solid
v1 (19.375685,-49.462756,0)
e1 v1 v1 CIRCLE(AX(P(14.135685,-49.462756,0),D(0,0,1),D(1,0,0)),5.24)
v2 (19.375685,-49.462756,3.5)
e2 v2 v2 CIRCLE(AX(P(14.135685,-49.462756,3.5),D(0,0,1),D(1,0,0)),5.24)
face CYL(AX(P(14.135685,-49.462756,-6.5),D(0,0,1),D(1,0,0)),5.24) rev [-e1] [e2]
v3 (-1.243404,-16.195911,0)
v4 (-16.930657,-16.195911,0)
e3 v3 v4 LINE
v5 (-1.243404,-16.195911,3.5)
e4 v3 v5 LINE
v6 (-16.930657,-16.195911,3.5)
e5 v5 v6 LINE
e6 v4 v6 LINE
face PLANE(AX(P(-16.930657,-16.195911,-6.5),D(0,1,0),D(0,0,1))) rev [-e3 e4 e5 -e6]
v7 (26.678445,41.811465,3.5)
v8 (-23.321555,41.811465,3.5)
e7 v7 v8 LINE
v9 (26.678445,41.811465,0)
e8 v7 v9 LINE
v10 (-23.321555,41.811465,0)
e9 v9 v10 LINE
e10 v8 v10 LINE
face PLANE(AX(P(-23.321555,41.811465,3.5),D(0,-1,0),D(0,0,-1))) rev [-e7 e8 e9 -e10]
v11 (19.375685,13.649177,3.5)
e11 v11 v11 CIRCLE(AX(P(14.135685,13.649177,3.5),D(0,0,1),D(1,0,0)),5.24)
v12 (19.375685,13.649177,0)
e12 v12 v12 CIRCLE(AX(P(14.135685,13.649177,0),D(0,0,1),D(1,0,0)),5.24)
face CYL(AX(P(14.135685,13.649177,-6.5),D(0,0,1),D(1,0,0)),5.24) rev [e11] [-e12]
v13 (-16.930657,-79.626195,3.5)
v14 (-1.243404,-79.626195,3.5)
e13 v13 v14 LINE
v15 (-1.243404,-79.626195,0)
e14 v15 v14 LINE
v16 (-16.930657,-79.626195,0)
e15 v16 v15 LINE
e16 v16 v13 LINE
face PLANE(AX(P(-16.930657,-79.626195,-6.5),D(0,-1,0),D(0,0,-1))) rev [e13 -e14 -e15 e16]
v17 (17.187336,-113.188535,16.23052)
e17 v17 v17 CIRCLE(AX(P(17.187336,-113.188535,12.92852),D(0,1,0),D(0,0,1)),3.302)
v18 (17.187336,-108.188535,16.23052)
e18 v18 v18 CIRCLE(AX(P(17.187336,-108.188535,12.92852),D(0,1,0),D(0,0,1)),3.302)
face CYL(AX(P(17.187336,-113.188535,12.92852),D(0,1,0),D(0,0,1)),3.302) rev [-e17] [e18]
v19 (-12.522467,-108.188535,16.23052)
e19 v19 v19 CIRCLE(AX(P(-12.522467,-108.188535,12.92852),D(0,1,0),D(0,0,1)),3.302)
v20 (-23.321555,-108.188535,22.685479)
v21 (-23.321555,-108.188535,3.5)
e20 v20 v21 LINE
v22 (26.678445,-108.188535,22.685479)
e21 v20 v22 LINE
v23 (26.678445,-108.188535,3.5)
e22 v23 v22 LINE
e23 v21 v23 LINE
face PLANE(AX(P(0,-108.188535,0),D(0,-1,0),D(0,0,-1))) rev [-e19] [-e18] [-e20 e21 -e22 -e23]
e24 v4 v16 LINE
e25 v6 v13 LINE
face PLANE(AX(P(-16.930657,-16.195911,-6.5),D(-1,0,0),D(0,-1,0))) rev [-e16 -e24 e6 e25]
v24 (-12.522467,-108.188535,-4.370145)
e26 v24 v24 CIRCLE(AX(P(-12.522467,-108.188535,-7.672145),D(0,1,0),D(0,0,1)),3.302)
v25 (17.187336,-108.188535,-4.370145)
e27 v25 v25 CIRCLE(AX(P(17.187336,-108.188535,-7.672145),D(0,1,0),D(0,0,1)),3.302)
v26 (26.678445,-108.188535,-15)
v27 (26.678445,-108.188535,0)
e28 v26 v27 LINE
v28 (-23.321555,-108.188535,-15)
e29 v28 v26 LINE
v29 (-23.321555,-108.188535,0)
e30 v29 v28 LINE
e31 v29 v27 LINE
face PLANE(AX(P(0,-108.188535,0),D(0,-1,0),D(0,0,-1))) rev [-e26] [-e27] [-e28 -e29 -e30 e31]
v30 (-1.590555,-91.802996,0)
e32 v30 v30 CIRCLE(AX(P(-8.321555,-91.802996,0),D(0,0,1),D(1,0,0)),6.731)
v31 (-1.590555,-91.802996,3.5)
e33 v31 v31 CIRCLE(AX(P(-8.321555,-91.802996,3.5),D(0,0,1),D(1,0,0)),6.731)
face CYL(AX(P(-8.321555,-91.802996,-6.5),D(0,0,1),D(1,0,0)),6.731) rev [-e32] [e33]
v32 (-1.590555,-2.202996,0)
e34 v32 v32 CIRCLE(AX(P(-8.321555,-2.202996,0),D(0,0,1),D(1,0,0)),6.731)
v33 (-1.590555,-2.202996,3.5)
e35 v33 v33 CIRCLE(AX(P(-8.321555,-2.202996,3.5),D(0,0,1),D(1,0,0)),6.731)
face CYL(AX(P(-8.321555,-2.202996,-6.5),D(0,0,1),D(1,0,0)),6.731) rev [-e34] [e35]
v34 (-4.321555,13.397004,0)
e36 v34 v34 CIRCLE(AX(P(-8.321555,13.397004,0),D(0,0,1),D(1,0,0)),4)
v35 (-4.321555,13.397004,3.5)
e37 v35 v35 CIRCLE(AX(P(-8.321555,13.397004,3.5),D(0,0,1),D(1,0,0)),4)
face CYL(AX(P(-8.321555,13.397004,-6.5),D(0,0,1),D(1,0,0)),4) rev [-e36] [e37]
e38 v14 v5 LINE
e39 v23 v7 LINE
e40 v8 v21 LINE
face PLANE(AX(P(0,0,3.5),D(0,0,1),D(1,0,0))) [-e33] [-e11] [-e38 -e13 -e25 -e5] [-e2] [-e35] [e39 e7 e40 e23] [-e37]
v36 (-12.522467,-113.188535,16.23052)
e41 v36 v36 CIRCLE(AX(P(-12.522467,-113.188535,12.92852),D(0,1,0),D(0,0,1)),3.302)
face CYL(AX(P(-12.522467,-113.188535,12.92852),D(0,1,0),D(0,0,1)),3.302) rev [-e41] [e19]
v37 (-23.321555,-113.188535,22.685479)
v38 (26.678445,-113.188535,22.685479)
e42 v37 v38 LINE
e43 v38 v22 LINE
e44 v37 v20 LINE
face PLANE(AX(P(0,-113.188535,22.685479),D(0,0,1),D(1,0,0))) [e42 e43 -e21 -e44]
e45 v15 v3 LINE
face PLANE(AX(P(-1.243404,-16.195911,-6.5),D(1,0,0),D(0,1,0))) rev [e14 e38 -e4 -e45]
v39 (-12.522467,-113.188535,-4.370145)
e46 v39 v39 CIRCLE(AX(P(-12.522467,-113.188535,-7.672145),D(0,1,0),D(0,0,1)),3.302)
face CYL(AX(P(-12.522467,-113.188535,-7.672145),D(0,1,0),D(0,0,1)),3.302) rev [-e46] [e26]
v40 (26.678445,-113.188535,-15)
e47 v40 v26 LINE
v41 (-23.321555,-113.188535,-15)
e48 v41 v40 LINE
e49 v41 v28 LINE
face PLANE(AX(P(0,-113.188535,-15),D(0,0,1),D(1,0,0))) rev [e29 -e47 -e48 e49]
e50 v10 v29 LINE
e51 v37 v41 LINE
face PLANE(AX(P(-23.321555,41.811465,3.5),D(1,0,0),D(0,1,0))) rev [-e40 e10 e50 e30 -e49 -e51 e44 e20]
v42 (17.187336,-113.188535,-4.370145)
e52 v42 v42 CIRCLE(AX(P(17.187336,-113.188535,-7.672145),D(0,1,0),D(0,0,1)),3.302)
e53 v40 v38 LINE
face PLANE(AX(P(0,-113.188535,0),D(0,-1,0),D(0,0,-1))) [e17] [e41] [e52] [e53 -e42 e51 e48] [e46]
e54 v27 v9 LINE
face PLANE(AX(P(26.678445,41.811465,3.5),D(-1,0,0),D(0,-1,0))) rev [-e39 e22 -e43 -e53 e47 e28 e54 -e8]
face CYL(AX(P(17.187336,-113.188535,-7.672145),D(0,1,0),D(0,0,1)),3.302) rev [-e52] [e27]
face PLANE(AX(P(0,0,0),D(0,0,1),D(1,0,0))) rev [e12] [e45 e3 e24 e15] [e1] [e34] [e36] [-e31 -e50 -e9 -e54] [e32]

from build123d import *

# Parameters (mm, degrees)
SKETCH_1_W          = 50
SKETCH_1_H          = 150
EXTRUDE_1_DEPTH     = 3.5
SKETCH_8_W          = 50
SKETCH_8_H          = 15
SKETCH_8_H_2        = 3.5
SKETCH_8_H_3        = 19.185479081
EXTRUDE_3_DEPTH     = 5
SKETCH_9_R          = 3.302
CUT_EXTRUDE_7_DEPTH = 5
SKETCH_10_R         = 6.731
SKETCH_10_R_2       = 4
SKETCH_10_W         = 15.687252276
SKETCH_10_H         = 63.430283682
CUT_EXTRUDE_8_DEPTH = 10
SKETCH_5_R          = 5.24
CUT_EXTRUDE_9_DEPTH = 10


with BuildPart() as part:
    # 草图1 → 凸台-拉伸1 (new body)
    with BuildSketch(Plane.XY):
        with Locations((1.67844523, -33.188535046)):
            Rectangle(SKETCH_1_W, SKETCH_1_H)
    extrude(amount=EXTRUDE_1_DEPTH)

    # 草图8 → 凸台-拉伸3 (add)
    with BuildSketch(Plane.XZ.offset(108.188535046)):
        with Locations((1.67844523, -7.5)):
            Rectangle(SKETCH_8_W, SKETCH_8_H)
        with Locations((1.67844523, 1.75)):
            Rectangle(SKETCH_8_W, SKETCH_8_H_2)
        with Locations((1.67844523, 13.092739541)):
            Rectangle(SKETCH_8_W, SKETCH_8_H_3)
    extrude(amount=EXTRUDE_3_DEPTH)

    # 草图9 → 切除-拉伸7 (cut)
    with BuildSketch(Plane(origin=(0, -108.188535046, 0), x_dir=(1, 0, 0), z_dir=(0, 1, 0))):
        with Locations(Location((-12.522466831, 7.672144746, 0), (0, 0, 270))):
            Circle(SKETCH_9_R)
        with Locations(Location((17.187336033, 7.672144746, 0), (0, 0, 270))):
            Circle(SKETCH_9_R)
        with Locations(Location((-12.522466831, -12.928520448, 0), (0, 0, 270))):
            Circle(SKETCH_9_R)
        with Locations(Location((17.187336033, -12.928520448, 0), (0, 0, 270))):
            Circle(SKETCH_9_R)
    extrude(amount=-CUT_EXTRUDE_7_DEPTH, mode=Mode.SUBTRACT)

    # 草图10 → 切除-拉伸8 (cut)
    with BuildSketch(Plane.XY.offset(3.5)):
        with Locations((-8.32155477, -91.802996241)):
            Circle(SKETCH_10_R)
        with Locations((-8.32155477, -2.202996241)):
            Circle(SKETCH_10_R)
        with Locations((-8.32155477, 13.397003759)):
            Circle(SKETCH_10_R_2)
        with Locations((-9.087030569, -47.911053293)):
            Rectangle(SKETCH_10_W, SKETCH_10_H)
    extrude(amount=-CUT_EXTRUDE_8_DEPTH, mode=Mode.SUBTRACT)

    # 草图5 → 切除-拉伸9 (cut)
    with BuildSketch(Plane.XY.offset(3.5)):
        with Locations((14.135684743, 13.64917749)):
            Circle(SKETCH_5_R)
        with Locations((14.135684743, -49.462755876)):
            Circle(SKETCH_5_R)
    extrude(amount=-CUT_EXTRUDE_9_DEPTH, mode=Mode.SUBTRACT)


solid = part.part
